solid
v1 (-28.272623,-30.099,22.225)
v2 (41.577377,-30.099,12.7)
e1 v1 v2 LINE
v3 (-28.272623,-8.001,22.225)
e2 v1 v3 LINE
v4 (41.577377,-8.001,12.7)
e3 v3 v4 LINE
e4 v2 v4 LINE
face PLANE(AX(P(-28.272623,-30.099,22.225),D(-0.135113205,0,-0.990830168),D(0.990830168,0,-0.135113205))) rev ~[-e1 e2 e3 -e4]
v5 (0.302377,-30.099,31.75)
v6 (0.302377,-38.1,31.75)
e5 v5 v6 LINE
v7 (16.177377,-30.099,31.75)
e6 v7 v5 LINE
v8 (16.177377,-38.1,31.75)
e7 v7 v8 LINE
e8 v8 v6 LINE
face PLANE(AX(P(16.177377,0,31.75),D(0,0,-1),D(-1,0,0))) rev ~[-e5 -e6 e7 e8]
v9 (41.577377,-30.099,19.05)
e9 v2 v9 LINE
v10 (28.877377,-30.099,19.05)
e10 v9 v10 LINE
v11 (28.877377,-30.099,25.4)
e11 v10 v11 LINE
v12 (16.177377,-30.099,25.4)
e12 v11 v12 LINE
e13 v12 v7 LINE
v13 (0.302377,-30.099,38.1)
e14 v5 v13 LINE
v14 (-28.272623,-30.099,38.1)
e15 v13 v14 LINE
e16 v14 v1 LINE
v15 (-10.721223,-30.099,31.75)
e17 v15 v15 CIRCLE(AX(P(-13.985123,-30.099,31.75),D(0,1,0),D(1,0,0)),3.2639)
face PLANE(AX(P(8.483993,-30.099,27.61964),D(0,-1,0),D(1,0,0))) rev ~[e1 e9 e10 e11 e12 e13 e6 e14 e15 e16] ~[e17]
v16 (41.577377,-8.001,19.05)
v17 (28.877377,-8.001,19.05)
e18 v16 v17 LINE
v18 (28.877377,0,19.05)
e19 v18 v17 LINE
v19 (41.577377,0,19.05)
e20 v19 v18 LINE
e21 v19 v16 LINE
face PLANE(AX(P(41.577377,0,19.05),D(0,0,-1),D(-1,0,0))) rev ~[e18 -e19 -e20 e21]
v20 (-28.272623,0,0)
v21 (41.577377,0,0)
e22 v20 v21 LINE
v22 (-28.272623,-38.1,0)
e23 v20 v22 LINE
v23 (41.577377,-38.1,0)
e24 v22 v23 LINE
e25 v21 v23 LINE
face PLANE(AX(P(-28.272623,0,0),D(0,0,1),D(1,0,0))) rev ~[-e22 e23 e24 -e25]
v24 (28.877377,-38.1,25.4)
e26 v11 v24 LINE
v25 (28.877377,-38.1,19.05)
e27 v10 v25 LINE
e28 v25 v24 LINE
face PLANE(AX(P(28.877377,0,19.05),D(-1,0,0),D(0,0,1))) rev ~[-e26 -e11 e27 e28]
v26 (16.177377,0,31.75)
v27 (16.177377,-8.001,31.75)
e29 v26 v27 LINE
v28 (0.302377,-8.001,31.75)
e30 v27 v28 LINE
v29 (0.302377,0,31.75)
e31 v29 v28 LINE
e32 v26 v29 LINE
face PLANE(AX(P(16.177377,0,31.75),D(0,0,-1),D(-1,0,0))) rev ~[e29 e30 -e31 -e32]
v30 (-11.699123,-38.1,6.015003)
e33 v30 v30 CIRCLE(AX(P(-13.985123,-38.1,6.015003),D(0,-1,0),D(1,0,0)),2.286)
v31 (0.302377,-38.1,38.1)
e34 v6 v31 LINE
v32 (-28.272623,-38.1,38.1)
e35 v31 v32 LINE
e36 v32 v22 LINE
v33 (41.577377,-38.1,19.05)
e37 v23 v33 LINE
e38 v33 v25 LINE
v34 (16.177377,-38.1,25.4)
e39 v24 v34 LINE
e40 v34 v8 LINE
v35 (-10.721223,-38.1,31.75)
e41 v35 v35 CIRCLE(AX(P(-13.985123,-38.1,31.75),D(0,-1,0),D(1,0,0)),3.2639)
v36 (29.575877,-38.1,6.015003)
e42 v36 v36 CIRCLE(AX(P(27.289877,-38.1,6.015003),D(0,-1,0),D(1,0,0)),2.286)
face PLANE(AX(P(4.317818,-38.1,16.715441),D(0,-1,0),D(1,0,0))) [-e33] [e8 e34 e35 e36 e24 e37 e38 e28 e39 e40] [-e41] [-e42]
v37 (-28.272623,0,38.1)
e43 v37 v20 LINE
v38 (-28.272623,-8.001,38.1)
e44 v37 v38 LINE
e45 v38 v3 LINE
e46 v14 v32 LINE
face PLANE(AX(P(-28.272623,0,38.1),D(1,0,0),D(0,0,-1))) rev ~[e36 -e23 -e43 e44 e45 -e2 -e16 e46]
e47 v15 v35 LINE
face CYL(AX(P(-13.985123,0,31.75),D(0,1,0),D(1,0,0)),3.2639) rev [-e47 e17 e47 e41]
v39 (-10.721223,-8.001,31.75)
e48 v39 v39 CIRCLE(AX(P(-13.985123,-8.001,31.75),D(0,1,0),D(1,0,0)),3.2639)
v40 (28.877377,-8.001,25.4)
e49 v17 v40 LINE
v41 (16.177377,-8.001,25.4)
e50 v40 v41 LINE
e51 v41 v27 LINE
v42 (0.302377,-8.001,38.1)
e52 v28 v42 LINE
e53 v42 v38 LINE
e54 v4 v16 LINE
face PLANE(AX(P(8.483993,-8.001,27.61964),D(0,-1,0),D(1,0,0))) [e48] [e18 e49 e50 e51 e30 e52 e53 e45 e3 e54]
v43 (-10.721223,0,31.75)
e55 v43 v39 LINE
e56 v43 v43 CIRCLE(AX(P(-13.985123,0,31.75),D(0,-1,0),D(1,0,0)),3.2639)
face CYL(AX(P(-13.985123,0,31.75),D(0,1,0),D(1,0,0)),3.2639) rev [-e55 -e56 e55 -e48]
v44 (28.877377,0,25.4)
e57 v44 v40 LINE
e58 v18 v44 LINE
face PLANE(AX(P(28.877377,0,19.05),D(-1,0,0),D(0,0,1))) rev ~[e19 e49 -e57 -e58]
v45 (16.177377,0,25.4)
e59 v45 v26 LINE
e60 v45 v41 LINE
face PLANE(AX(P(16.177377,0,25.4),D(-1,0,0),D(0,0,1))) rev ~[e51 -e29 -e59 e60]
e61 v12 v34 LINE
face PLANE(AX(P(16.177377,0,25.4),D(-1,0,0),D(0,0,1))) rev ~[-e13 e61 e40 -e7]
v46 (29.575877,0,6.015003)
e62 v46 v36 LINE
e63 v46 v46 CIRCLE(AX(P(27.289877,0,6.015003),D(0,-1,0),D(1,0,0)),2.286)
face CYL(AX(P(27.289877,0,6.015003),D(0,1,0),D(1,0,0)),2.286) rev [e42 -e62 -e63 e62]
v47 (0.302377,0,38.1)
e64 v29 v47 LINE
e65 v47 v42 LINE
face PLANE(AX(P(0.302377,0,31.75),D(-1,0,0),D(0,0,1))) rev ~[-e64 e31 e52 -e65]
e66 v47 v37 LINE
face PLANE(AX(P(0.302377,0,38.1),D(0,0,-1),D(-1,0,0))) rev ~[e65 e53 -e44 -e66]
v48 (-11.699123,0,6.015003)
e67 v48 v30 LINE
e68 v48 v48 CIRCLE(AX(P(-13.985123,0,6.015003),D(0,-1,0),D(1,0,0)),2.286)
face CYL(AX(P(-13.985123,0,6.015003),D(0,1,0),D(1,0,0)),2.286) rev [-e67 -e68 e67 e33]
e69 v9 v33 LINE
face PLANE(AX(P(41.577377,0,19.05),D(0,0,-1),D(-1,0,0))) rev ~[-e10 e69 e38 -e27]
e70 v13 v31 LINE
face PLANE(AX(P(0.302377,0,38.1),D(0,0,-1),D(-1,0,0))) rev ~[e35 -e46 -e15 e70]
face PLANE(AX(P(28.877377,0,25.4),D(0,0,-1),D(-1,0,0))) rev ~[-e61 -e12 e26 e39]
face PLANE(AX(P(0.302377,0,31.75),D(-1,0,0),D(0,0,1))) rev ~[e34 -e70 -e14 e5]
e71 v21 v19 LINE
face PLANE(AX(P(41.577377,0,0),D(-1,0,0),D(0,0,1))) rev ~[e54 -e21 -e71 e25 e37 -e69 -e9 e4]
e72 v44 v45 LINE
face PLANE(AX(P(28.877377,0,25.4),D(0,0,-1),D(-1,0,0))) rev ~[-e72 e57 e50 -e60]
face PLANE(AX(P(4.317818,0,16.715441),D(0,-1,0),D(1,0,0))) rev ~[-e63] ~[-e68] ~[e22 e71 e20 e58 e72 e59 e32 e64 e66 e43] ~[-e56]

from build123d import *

# Parameters (mm, degrees)
F0_R     = 2.286
F0_R_2   = 3.2639
F1_DEPTH = 38.1
F6_DEPTH = 22.098


with BuildPart() as f1:
    # F0 (on Front) → F1 (new body)
    with BuildSketch(Plane.XZ):
        Polygon((-28.2726228424, 0), (41.5773771576, 0), (41.5773771576, 19.05), (28.8773771576, 19.05), (28.8773771576, 25.4), (16.1773771576, 25.4), (16.1773771576, 31.75), (0.3023771576, 31.75), (0.3023771576, 38.1), (-28.2726228424, 38.1), align=None)
        with Locations((-13.9851228424, 6.0150027275)):
            Circle(F0_R, mode=Mode.SUBTRACT)
        with Locations((27.2898771576, 6.0150027275)):
            Circle(F0_R, mode=Mode.SUBTRACT)
        with Locations((-13.9851228424, 31.75)):
            Circle(F0_R_2, mode=Mode.SUBTRACT)
    extrude(amount=F1_DEPTH)

    # F5 (on offset) → F6 (cut)
    with BuildSketch(Plane.XZ.offset(30.099)):
        Polygon((-28.2726228424, 38.1), (-28.2726228424, 22.225), (41.5773771576, 12.7), (41.5773771576, 38.1), align=None)
    extrude(amount=-F6_DEPTH, mode=Mode.SUBTRACT)


solid = f1.part
